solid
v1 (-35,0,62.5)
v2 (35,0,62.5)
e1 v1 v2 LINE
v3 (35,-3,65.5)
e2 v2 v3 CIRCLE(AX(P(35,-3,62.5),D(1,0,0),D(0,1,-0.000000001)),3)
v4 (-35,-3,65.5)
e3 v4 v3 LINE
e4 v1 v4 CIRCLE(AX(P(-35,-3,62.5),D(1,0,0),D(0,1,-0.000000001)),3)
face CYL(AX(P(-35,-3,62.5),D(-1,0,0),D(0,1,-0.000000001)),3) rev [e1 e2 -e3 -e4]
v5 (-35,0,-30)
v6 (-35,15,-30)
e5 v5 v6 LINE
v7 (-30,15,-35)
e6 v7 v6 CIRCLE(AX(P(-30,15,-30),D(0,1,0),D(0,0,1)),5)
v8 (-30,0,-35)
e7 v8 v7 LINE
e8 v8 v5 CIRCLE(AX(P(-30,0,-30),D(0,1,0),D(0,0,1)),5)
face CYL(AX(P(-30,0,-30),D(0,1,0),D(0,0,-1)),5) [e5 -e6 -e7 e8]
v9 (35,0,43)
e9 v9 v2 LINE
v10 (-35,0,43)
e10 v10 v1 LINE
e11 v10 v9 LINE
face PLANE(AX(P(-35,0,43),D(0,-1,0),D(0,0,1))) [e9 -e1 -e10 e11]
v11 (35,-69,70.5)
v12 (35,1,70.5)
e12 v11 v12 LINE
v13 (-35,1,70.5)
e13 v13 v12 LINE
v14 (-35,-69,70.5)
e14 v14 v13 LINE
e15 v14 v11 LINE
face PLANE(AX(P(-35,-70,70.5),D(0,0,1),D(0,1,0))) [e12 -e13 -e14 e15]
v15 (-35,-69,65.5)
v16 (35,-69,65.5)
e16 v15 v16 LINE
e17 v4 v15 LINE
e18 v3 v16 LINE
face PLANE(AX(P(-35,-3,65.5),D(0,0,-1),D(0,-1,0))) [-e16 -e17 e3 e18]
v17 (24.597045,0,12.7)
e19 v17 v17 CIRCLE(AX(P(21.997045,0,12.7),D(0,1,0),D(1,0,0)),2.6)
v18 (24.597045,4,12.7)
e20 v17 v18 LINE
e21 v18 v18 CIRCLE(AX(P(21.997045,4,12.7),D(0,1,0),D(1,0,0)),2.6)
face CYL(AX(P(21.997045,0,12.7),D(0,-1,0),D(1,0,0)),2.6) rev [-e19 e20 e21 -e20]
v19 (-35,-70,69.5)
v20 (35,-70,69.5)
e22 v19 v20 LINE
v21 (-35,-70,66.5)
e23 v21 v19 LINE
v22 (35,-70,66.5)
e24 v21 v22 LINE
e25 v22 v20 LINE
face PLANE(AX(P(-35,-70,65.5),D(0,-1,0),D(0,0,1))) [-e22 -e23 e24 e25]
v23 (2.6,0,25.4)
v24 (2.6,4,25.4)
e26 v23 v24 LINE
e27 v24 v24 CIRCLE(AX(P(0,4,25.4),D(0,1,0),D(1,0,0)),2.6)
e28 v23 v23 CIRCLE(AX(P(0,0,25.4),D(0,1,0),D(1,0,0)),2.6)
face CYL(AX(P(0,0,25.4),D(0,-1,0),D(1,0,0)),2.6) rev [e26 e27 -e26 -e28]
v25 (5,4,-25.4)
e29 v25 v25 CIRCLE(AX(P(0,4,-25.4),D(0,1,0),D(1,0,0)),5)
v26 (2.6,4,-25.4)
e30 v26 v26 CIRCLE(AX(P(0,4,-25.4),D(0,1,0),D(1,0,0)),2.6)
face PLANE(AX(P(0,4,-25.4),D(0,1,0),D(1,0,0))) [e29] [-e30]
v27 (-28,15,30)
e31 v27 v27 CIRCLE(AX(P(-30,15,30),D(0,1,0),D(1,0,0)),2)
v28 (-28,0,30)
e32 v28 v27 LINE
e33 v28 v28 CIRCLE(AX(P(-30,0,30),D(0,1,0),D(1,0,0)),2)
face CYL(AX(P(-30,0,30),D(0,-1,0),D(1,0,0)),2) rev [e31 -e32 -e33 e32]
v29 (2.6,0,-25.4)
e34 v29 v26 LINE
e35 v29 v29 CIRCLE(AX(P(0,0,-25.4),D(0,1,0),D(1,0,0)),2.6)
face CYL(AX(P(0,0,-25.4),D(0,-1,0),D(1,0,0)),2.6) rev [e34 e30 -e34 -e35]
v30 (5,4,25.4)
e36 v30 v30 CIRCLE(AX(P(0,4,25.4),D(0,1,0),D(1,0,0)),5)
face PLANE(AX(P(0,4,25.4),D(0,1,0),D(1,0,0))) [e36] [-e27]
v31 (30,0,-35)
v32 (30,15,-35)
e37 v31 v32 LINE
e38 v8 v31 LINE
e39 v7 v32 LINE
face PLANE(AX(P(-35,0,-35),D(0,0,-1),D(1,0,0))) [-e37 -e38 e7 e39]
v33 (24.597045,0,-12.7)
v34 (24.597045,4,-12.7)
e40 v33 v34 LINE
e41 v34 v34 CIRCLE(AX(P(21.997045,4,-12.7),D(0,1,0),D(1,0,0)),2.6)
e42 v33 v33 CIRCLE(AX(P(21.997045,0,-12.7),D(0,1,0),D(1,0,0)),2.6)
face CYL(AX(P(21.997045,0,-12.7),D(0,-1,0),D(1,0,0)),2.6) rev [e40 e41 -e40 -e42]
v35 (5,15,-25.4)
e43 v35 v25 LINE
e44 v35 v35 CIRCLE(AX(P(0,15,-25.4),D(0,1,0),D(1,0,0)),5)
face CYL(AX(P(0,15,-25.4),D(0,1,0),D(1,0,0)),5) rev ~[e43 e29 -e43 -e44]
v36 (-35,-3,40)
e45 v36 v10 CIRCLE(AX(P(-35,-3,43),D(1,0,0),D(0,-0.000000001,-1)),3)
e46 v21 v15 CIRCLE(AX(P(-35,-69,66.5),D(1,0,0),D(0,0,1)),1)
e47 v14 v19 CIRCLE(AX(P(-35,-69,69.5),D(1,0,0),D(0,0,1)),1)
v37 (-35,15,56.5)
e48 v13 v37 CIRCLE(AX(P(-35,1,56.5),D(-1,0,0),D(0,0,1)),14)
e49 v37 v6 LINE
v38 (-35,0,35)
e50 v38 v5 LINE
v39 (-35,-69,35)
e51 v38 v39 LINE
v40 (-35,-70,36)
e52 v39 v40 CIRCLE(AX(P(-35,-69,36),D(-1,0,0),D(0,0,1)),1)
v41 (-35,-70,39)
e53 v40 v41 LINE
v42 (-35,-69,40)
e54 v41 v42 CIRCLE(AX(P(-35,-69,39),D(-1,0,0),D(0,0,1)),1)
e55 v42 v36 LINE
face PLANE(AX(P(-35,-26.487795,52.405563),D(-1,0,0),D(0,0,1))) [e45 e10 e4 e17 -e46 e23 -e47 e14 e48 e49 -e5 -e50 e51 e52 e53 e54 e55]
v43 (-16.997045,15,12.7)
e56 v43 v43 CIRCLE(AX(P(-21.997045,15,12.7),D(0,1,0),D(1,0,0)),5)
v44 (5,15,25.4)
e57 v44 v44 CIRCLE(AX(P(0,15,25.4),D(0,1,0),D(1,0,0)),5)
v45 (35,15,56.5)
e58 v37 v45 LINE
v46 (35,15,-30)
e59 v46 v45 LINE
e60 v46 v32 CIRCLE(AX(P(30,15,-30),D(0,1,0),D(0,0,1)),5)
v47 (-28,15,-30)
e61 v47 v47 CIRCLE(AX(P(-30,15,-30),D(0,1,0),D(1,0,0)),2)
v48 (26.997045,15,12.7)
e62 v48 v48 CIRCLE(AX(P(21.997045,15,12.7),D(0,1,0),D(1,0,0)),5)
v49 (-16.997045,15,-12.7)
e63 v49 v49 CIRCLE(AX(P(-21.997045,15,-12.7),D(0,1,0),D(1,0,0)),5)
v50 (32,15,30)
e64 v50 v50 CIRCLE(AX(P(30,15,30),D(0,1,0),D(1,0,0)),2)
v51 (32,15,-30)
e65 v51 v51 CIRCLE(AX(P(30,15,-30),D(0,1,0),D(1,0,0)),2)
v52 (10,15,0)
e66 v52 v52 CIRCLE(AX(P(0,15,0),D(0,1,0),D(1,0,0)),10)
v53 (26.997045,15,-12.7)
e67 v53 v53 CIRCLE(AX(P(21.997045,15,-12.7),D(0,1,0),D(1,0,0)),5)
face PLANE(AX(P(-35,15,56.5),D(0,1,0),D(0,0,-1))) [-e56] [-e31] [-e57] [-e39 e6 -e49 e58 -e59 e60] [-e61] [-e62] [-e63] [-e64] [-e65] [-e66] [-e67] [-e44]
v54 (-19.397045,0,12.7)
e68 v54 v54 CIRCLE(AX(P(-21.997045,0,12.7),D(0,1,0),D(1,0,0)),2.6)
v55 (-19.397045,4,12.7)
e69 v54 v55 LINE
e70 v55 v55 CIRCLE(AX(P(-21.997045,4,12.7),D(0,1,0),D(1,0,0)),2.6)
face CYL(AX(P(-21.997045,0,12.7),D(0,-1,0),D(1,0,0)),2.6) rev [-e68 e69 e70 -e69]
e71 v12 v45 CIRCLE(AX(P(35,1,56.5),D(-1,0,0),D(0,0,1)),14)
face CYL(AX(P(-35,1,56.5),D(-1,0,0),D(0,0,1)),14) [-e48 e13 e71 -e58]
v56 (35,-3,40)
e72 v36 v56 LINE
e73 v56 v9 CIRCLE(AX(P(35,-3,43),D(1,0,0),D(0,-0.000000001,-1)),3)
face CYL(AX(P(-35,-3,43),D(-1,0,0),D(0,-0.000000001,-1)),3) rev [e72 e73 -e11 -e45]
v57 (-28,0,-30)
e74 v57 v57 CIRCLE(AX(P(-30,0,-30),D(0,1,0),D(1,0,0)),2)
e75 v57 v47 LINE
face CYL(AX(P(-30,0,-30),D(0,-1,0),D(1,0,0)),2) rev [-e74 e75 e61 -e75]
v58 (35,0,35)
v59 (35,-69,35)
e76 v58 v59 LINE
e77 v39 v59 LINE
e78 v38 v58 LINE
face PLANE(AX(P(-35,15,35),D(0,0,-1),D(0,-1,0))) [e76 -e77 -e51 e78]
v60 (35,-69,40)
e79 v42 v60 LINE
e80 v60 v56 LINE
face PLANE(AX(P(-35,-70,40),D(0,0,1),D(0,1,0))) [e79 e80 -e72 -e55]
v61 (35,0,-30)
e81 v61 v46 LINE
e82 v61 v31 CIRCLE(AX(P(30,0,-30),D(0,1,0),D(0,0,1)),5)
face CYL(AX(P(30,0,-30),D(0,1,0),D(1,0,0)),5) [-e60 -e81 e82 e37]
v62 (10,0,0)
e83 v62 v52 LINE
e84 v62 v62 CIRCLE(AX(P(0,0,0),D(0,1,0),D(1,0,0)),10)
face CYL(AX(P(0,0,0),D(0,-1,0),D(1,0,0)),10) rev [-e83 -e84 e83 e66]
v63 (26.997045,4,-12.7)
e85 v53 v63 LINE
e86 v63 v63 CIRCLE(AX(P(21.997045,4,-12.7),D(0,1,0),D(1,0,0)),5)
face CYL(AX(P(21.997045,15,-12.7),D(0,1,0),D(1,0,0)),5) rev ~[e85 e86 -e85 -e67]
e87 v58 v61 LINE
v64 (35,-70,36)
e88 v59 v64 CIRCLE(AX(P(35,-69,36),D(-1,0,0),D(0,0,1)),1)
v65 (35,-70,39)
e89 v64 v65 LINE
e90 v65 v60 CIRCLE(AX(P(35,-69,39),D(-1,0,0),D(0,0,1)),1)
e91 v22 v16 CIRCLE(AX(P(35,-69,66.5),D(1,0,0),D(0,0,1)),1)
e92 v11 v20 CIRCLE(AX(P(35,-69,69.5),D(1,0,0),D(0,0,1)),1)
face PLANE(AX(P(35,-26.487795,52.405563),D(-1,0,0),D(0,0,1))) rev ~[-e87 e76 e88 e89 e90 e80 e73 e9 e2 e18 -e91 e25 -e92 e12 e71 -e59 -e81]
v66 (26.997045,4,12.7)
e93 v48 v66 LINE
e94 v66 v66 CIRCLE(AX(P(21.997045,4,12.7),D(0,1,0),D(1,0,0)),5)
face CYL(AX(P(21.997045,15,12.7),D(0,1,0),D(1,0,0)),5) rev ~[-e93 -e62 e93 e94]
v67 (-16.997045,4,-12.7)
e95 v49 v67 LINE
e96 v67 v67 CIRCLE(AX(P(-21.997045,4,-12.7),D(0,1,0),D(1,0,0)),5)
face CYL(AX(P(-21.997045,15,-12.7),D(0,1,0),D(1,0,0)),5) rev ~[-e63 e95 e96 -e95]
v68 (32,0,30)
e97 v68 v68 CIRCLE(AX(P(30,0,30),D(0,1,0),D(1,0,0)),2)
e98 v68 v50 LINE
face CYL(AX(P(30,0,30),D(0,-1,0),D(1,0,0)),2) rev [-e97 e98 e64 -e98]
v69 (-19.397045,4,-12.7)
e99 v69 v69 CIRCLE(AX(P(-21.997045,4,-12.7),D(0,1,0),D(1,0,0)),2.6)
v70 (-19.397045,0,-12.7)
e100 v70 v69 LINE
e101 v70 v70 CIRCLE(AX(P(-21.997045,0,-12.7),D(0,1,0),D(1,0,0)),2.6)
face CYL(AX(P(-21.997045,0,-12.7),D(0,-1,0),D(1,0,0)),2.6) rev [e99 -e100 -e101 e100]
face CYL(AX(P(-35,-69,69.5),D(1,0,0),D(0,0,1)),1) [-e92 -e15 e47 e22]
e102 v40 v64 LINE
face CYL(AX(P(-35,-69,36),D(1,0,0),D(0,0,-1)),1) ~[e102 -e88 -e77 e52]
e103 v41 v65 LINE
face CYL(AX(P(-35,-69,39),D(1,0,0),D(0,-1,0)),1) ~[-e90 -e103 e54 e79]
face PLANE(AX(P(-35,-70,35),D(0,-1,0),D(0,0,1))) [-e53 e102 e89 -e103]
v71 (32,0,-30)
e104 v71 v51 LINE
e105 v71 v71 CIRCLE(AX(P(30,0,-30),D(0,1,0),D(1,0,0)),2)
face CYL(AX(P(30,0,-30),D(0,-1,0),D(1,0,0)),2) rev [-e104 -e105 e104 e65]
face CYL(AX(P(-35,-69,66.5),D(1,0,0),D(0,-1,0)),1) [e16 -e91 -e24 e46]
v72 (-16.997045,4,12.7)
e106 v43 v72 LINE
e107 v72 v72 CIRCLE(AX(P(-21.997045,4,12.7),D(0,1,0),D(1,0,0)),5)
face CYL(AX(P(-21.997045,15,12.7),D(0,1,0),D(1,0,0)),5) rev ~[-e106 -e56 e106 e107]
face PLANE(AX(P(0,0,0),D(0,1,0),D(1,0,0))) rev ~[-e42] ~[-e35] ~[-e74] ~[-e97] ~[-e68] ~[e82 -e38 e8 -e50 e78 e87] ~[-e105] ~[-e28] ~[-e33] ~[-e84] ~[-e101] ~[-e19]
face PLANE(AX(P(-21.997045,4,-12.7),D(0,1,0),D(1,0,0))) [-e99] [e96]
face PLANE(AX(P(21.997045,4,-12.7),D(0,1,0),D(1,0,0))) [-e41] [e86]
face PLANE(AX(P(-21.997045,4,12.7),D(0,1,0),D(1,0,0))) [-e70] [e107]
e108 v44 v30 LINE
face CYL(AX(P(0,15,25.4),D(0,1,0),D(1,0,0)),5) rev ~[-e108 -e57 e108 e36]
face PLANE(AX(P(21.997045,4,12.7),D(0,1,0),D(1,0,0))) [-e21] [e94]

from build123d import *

# Parameters (mm, degrees)
SKETCH1_W           = 70
SKETCH1_H           = 70
SKETCH1_R           = 2.6
SKETCH1_R_2         = 10
SKETCH1_R_3         = 2
BOSS_EXTRUDE1_DEPTH = 15
SKETCH2_R           = 5
SKETCH2_R_2         = 2.6
CUT_EXTRUDE1_DEPTH  = 11
BOSS_EXTRUDE2_DEPTH = 70
FILLET1_R           = 5
FILLET2_R           = 1


with BuildPart() as part:
    # Sketch1 → Boss-Extrude1 (new body)
    with BuildSketch(Plane(origin=(0, 0, 0), x_dir=(1, 0, 0), z_dir=(0, 1, 0))):
        Rectangle(SKETCH1_W, SKETCH1_H)
        with Locations((0, 25.4)):
            Circle(SKETCH1_R, mode=Mode.SUBTRACT)
        with Locations((21.997045256, 12.7)):
            Circle(SKETCH1_R, mode=Mode.SUBTRACT)
        with Locations((21.997045256, -12.7)):
            Circle(SKETCH1_R, mode=Mode.SUBTRACT)
        with Locations((0, -25.4)):
            Circle(SKETCH1_R, mode=Mode.SUBTRACT)
        with Locations((-21.997045256, -12.7)):
            Circle(SKETCH1_R, mode=Mode.SUBTRACT)
        with Locations((-21.997045256, 12.7)):
            Circle(SKETCH1_R, mode=Mode.SUBTRACT)
        Circle(SKETCH1_R_2, mode=Mode.SUBTRACT)
        with Locations((-30, 30)):
            Circle(SKETCH1_R_3, mode=Mode.SUBTRACT)
        with Locations((30, 30)):
            Circle(SKETCH1_R_3, mode=Mode.SUBTRACT)
        with Locations((30, -30)):
            Circle(SKETCH1_R_3, mode=Mode.SUBTRACT)
        with Locations((-30, -30)):
            Circle(SKETCH1_R_3, mode=Mode.SUBTRACT)
    extrude(amount=BOSS_EXTRUDE1_DEPTH)

    # Sketch2 → Cut-Extrude1 (cut)
    with BuildSketch(Plane(origin=(0, 15, 0), x_dir=(1, 0, 0), z_dir=(0, 1, 0))):
        with Locations((-21.997045256, -12.7)):
            Circle(SKETCH2_R)
        with Locations((-21.997045256, -12.7)):
            Circle(SKETCH2_R_2, mode=Mode.SUBTRACT)
        with Locations((0, -25.4)):
            Circle(SKETCH2_R)
        with Locations((0, -25.4)):
            Circle(SKETCH2_R_2, mode=Mode.SUBTRACT)
        with Locations((21.997045256, -12.7)):
            Circle(SKETCH2_R)
        with Locations((21.997045256, -12.7)):
            Circle(SKETCH2_R_2, mode=Mode.SUBTRACT)
        with Locations((21.997045256, 12.7)):
            Circle(SKETCH2_R)
        with Locations((21.997045256, 12.7)):
            Circle(SKETCH2_R_2, mode=Mode.SUBTRACT)
        with Locations((0, 25.4)):
            Circle(SKETCH2_R)
        with Locations((0, 25.4)):
            Circle(SKETCH2_R_2, mode=Mode.SUBTRACT)
        with Locations((-21.997045256, 12.7)):
            Circle(SKETCH2_R)
        with Locations((-21.997045256, 12.7)):
            Circle(SKETCH2_R_2, mode=Mode.SUBTRACT)
    extrude(amount=-CUT_EXTRUDE1_DEPTH, mode=Mode.SUBTRACT)

    # Sketch3 → Boss-Extrude2 (add)
    with BuildSketch(Plane.ZY.offset(35)):
        with BuildLine():
            Line((35, 0), (35, -70))
            Line((35, -70), (40, -70))
            Line((40, -70), (40, -3))
            ThreePointArc((40, -3), (40.878679656, -0.878679656), (43, 0))
            Line((43, 0), (62.5, 0))
            ThreePointArc((62.5, 0), (64.621320344, -0.878679656), (65.5, -3))
            Line((65.5, -3), (65.5, -70))
            Line((65.5, -70), (70.5, -70))
            Line((70.5, -70), (70.5, 0))
            Line((70.5, 0), (70.5, 1))
            ThreePointArc((70.5, 1), (66.399494937, 10.899494937), (56.5, 15))
            Line((56.5, 15), (35, 15))
            Line((35, 15), (35, 0))
        make_face()
    extrude(amount=-BOSS_EXTRUDE2_DEPTH)

    # Fillet1
    fillet1_edges = [part.edges().sort_by_distance(p)[0] for p in [
        (-35, 7.5, -35),
        (35, 7.5, -35),
    ]]
    fillet(fillet1_edges, radius=FILLET1_R)

    # Fillet2
    fillet2_edges = [part.edges().sort_by_distance(p)[0] for p in [
        (0, -70, 70.5),
        (0, -70, 65.5),
        (0, -70, 40),
        (0, -70, 35),
    ]]
    fillet(fillet2_edges, radius=FILLET2_R)


solid = part.part
